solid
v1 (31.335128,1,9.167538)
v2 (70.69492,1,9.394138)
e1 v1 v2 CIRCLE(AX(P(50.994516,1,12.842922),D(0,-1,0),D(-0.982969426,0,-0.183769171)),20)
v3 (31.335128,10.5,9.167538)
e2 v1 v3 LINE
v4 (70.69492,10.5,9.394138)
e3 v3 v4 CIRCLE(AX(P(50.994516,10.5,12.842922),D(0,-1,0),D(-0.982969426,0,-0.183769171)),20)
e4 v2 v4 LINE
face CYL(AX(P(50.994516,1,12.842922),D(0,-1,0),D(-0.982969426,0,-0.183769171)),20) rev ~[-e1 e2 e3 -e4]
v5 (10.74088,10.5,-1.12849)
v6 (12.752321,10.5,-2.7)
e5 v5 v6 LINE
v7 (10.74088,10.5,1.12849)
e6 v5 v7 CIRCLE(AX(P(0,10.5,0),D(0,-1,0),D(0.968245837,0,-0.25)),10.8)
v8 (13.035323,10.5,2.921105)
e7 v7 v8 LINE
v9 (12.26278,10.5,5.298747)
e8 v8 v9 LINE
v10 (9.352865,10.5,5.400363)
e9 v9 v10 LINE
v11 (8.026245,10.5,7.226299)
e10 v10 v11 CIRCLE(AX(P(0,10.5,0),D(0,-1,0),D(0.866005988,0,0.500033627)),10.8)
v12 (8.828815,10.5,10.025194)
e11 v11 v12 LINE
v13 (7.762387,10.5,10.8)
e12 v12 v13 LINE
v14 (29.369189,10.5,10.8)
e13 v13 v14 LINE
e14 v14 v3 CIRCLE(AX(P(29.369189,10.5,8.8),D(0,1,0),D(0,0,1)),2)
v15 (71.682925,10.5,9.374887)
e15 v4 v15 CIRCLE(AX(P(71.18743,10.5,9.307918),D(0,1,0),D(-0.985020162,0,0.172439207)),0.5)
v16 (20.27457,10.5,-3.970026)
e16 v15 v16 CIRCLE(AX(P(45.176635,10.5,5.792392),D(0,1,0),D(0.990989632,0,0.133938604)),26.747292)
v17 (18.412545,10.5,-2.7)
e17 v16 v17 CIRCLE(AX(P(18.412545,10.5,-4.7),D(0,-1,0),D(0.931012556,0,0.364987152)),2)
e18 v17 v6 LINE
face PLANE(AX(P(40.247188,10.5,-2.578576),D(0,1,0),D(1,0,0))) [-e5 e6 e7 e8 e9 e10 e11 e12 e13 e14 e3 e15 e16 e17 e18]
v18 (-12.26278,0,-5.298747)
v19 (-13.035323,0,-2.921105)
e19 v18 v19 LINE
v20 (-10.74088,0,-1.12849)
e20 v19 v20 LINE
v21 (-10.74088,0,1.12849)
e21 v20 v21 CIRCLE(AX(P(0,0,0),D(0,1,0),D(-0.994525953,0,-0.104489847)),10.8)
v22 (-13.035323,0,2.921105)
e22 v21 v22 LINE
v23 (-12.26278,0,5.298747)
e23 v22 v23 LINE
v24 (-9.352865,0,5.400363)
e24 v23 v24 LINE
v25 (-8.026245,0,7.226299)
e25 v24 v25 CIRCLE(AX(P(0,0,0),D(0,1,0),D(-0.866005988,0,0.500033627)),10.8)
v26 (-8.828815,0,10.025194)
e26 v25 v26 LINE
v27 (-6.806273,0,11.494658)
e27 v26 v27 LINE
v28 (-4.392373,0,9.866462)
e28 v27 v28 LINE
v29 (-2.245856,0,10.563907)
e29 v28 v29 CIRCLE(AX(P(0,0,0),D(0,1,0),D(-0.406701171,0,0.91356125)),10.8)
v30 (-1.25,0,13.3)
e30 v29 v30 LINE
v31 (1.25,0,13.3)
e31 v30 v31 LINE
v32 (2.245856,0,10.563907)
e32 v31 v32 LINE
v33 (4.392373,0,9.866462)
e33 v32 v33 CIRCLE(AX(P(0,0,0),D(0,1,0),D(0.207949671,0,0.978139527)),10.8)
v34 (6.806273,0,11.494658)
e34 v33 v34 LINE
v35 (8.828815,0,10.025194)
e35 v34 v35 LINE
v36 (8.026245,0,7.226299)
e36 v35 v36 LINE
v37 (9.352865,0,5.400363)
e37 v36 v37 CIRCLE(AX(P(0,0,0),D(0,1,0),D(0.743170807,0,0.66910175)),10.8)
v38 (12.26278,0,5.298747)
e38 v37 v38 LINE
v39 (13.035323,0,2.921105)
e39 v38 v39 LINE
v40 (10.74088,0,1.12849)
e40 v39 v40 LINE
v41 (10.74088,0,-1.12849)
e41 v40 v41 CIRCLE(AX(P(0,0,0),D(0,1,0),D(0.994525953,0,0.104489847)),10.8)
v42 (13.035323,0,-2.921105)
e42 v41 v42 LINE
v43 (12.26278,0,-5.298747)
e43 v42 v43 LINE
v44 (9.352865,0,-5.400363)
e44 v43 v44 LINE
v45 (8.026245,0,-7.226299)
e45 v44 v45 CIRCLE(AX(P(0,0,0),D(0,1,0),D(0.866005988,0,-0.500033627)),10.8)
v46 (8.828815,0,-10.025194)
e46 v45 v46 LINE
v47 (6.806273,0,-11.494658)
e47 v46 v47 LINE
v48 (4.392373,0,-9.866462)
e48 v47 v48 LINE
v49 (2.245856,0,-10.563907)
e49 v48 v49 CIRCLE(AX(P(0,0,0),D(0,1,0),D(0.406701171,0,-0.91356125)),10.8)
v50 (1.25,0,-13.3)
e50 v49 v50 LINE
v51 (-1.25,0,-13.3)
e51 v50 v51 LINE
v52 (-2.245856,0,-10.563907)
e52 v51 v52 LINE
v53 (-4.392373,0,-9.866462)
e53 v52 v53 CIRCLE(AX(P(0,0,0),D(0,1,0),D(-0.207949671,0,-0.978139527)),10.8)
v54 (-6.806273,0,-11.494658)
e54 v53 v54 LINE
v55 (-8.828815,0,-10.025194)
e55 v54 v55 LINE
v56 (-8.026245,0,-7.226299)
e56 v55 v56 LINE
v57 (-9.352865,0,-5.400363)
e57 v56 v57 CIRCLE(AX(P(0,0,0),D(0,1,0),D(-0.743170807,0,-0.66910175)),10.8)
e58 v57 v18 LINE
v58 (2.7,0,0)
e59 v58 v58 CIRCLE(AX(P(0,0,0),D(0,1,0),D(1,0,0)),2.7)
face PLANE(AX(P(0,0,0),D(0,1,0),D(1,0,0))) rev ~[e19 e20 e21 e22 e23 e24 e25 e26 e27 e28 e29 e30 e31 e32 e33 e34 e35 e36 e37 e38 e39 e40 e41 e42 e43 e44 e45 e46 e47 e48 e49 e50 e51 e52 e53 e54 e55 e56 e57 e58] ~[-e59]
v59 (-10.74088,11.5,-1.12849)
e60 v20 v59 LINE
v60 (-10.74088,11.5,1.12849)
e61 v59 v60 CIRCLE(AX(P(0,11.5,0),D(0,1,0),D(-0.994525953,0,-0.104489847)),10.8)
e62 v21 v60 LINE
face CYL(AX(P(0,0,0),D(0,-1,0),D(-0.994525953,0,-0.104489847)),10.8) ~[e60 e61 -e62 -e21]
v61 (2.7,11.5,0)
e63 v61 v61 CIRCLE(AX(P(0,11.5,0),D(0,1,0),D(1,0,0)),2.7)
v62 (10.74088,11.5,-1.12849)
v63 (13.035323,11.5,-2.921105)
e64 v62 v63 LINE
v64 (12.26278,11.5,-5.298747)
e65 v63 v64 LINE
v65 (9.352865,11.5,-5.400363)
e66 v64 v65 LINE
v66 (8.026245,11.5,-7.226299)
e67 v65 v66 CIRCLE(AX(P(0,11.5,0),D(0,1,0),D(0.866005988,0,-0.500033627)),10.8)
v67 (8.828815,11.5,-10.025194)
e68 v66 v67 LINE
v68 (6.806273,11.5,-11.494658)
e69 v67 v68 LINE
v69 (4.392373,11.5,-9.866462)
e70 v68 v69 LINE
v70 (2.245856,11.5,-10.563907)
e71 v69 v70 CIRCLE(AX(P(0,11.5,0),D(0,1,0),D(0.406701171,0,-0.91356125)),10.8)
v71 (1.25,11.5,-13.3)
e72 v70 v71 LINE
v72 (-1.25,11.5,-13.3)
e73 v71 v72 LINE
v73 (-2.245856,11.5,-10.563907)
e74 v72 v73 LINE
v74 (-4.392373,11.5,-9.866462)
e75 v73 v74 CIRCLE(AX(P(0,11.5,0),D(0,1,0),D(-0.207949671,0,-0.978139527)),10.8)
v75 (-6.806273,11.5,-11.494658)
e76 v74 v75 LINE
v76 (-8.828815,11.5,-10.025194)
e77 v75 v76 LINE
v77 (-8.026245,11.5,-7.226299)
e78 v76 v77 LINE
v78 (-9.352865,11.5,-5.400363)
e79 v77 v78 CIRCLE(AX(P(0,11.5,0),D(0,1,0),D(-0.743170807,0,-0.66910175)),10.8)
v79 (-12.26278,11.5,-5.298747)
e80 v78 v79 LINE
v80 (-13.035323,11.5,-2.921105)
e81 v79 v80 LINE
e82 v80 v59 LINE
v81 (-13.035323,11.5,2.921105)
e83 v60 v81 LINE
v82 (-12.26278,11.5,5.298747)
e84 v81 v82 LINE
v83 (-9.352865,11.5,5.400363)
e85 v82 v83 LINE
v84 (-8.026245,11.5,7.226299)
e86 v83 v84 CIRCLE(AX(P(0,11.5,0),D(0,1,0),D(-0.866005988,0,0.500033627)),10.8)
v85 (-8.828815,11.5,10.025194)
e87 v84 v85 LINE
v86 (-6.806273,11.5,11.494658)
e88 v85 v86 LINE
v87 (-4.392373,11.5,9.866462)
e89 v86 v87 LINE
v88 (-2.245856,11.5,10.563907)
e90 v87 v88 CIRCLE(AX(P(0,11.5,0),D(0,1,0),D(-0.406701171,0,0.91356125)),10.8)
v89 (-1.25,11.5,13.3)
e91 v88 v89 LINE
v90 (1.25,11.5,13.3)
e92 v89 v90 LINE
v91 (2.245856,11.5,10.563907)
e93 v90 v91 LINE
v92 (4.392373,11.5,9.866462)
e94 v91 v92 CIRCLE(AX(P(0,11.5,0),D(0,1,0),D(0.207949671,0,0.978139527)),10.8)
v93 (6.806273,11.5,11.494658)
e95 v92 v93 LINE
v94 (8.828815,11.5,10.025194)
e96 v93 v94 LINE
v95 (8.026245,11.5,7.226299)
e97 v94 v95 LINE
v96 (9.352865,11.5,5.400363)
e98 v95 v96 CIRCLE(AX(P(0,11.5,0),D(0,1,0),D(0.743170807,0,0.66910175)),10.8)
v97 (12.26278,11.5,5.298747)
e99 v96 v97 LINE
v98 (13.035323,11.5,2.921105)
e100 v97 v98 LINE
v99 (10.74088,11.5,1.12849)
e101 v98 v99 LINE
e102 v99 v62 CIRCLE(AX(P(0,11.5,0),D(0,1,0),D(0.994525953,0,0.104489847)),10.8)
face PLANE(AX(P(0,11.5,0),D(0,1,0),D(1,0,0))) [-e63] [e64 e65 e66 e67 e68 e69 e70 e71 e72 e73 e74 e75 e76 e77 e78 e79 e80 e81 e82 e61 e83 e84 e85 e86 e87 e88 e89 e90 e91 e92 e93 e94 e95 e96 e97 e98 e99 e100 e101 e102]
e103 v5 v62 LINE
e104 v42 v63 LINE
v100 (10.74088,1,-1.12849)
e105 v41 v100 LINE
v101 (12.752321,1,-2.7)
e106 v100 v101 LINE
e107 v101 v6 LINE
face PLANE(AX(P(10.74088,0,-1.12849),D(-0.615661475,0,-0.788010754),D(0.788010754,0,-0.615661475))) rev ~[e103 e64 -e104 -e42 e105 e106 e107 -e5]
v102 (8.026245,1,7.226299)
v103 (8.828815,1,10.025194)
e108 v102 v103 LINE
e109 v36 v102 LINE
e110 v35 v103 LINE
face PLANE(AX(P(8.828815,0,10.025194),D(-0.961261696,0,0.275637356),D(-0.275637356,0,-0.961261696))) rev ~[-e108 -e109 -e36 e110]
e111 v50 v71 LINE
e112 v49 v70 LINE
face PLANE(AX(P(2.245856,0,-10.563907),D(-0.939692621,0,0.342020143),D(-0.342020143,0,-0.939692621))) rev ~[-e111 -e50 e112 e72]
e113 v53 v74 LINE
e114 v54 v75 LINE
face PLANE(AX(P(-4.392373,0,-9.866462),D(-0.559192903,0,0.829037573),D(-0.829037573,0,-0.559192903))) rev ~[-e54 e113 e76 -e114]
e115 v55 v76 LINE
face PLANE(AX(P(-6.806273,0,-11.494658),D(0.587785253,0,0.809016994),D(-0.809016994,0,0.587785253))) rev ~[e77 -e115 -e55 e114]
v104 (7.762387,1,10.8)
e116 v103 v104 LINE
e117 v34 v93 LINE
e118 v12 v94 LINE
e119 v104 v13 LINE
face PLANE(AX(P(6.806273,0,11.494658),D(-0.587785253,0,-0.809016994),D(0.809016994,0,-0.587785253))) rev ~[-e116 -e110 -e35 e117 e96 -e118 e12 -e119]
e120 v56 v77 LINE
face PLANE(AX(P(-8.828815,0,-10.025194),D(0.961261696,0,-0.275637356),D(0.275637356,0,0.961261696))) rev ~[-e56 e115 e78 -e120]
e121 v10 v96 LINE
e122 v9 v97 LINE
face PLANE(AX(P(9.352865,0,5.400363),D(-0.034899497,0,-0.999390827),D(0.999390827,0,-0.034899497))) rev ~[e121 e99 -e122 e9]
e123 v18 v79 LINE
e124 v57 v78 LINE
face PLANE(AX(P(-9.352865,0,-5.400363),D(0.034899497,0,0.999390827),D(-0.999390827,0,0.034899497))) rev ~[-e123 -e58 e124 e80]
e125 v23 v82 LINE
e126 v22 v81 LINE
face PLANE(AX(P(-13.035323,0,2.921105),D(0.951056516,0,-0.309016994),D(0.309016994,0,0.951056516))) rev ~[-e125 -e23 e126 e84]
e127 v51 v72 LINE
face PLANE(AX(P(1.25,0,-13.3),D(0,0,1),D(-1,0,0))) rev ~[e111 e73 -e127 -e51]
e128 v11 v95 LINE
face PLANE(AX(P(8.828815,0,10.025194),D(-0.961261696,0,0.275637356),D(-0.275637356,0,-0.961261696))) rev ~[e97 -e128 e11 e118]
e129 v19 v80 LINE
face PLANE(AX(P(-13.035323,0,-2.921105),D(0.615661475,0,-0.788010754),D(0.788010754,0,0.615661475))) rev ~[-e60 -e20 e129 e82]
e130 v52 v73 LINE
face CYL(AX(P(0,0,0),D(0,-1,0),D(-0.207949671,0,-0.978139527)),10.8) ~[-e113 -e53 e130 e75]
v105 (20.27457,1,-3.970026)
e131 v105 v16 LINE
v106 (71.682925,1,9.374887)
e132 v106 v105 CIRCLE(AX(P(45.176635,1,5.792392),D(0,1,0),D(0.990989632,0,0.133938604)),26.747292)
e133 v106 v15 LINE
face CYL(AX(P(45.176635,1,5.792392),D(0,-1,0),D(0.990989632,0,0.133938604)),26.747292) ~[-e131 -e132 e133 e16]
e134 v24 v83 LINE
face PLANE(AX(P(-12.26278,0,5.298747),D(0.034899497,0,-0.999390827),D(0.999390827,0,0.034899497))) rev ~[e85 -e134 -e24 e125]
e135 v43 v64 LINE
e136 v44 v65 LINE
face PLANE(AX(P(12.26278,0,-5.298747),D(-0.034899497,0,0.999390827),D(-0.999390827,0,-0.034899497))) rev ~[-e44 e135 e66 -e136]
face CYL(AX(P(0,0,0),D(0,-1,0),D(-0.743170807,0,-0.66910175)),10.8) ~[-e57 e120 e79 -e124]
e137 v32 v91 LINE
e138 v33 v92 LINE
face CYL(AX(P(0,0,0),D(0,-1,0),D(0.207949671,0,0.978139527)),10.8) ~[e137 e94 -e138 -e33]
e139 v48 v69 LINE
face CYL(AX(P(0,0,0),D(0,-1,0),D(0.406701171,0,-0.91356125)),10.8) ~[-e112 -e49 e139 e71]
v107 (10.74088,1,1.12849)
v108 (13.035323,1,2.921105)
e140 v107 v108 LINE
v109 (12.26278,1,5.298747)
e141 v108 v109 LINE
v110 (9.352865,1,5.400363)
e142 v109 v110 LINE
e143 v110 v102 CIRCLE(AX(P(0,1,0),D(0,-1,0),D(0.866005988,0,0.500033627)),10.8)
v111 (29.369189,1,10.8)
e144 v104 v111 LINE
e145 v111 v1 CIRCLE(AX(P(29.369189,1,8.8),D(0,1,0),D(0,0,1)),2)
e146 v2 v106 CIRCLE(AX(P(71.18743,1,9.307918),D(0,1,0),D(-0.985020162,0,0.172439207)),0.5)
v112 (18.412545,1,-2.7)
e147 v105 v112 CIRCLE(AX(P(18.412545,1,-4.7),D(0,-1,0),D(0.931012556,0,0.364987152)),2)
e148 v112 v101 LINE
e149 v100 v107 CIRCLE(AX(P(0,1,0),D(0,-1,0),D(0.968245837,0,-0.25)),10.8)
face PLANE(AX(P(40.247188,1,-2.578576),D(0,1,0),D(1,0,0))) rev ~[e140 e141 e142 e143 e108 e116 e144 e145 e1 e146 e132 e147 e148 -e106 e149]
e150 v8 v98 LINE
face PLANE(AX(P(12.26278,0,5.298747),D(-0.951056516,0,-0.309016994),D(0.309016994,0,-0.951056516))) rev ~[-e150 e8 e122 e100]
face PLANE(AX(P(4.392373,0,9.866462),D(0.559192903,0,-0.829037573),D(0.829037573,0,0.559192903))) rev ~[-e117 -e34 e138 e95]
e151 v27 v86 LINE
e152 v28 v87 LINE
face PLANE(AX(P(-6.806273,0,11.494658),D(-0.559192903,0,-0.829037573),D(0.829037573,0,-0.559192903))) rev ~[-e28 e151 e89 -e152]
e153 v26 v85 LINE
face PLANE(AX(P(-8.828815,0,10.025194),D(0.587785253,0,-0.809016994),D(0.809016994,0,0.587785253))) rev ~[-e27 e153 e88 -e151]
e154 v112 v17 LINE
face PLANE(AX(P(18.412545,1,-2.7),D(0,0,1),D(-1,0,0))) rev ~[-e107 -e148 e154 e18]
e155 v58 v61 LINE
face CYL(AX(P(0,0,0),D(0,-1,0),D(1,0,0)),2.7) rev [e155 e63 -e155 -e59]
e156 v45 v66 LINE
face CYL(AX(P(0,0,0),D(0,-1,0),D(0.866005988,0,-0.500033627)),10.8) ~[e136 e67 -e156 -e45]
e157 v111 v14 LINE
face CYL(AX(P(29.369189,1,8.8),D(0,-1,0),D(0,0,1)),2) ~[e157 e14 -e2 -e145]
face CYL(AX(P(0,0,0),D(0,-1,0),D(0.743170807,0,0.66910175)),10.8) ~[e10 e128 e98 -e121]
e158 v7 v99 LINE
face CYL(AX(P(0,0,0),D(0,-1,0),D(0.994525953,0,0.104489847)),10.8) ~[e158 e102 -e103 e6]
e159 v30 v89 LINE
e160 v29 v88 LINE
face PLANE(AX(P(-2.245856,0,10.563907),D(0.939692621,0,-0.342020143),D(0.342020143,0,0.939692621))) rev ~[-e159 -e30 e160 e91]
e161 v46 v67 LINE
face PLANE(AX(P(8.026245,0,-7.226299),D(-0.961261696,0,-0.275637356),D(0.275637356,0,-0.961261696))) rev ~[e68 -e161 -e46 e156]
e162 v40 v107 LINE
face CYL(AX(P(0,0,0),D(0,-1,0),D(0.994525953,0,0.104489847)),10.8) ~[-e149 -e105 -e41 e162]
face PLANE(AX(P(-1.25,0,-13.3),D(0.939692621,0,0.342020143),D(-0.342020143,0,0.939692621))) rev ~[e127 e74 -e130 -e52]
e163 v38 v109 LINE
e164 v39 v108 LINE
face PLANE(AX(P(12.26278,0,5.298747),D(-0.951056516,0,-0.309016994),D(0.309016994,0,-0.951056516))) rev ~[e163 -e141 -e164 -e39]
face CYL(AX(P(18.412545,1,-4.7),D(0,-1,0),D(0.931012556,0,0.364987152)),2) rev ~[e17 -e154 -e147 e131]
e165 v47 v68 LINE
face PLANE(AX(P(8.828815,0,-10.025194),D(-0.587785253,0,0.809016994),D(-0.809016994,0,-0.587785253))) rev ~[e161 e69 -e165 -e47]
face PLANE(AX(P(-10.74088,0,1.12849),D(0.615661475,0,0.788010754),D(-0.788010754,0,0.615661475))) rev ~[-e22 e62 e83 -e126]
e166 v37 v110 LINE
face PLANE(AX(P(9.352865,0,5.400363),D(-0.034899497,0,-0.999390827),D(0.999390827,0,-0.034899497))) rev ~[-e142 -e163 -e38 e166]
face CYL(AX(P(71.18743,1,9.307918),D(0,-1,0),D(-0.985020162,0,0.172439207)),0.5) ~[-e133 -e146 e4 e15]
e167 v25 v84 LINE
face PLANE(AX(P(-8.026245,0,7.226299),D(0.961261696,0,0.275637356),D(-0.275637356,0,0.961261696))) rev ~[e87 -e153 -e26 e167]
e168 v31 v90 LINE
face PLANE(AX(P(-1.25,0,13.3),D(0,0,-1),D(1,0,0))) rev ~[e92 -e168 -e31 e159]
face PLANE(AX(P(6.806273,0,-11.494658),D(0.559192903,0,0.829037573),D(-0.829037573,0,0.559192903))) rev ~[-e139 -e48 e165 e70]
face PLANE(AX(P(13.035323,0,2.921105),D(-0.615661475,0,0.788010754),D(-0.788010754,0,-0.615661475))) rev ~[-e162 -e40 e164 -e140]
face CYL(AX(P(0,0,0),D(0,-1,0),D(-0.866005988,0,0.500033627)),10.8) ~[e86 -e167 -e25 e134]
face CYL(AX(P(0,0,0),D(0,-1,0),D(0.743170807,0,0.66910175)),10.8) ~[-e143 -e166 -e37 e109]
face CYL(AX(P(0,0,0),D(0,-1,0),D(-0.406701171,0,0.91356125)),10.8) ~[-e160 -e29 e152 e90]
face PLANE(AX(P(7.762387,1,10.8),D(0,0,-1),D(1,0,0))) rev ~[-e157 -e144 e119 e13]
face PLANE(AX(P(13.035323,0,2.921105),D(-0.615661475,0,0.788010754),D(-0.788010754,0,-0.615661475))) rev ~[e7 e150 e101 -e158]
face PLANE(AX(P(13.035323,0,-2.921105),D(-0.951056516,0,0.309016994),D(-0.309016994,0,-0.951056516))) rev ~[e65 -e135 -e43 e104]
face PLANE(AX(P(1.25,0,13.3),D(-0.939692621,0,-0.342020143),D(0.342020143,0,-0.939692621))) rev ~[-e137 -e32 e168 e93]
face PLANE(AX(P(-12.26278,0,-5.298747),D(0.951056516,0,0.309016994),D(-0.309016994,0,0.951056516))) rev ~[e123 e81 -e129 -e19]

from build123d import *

# Parameters (mm, degrees)
SKETCH1_R           = 2.7
BOSS_EXTRUDE1_DEPTH = 11.5
BOSS_EXTRUDE3_START = 1
BOSS_EXTRUDE3_DEPTH = 9.5


with BuildPart() as part:
    # Sketch1 → Boss-Extrude1 (new body)
    with BuildSketch(Plane(origin=(0, 0, 0), x_dir=(1, 0, 0), z_dir=(0, 1, 0))):
        with BuildLine():
            Line((1.25, 13.3), (-1.25, 13.3))
            Line((-1.25, 13.3), (-2.24585645, 10.563906891))
            ThreePointArc((-2.24585645, 10.563906891), (-3.337383539, 10.271410376), (-4.392372642, 9.866461502))
            Line((-4.392372642, 9.866461502), (-6.806272613, 11.494657591))
            Line((-6.806272613, 11.494657591), (-8.828815098, 10.02519446))
            Line((-8.828815098, 10.02519446), (-8.026244712, 7.226298902))
            ThreePointArc((-8.026244712, 7.226298902), (-8.737383539, 6.348080725), (-9.352864677, 5.400363168))
            Line((-9.352864677, 5.400363168), (-12.262780424, 5.298746671))
            Line((-12.262780424, 5.298746671), (-13.03532291, 2.92110538))
            Line((-13.03532291, 2.92110538), (-10.740880296, 1.128490345))
            ThreePointArc((-10.740880296, 1.128490345), (-10.8, 0), (-10.740880296, -1.128490345))
            Line((-10.740880296, -1.128490345), (-13.03532291, -2.92110538))
            Line((-13.03532291, -2.92110538), (-12.262780424, -5.298746671))
            Line((-12.262780424, -5.298746671), (-9.352864677, -5.400363168))
            ThreePointArc((-9.352864677, -5.400363168), (-8.737383539, -6.348080725), (-8.026244712, -7.226298902))
            Line((-8.026244712, -7.226298902), (-8.828815098, -10.02519446))
            Line((-8.828815098, -10.02519446), (-6.806272613, -11.494657591))
            Line((-6.806272613, -11.494657591), (-4.392372642, -9.866461502))
            ThreePointArc((-4.392372642, -9.866461502), (-3.337383539, -10.271410376), (-2.24585645, -10.563906891))
            Line((-2.24585645, -10.563906891), (-1.25, -13.3))
            Line((-1.25, -13.3), (1.25, -13.3))
            Line((1.25, -13.3), (2.24585645, -10.563906891))
            ThreePointArc((2.24585645, -10.563906891), (3.337383539, -10.271410376), (4.392372642, -9.866461502))
            Line((4.392372642, -9.866461502), (6.806272613, -11.494657591))
            Line((6.806272613, -11.494657591), (8.828815098, -10.02519446))
            Line((8.828815098, -10.02519446), (8.026244712, -7.226298902))
            ThreePointArc((8.026244712, -7.226298902), (8.737383539, -6.348080725), (9.352864677, -5.400363168))
            Line((9.352864677, -5.400363168), (12.262780424, -5.298746671))
            Line((12.262780424, -5.298746671), (13.03532291, -2.92110538))
            Line((13.03532291, -2.92110538), (10.740880296, -1.128490345))
            ThreePointArc((10.740880296, -1.128490345), (10.8, 0), (10.740880296, 1.128490345))
            Line((10.740880296, 1.128490345), (13.03532291, 2.92110538))
            Line((13.03532291, 2.92110538), (12.262780424, 5.298746671))
            Line((12.262780424, 5.298746671), (9.352864677, 5.400363168))
            ThreePointArc((9.352864677, 5.400363168), (8.737383539, 6.348080725), (8.026244712, 7.226298902))
            Line((8.026244712, 7.226298902), (8.828815098, 10.02519446))
            Line((8.828815098, 10.02519446), (6.806272613, 11.494657591))
            Line((6.806272613, 11.494657591), (4.392372642, 9.866461502))
            ThreePointArc((4.392372642, 9.866461502), (3.337383539, 10.271410376), (2.24585645, 10.563906891))
            Line((2.24585645, 10.563906891), (1.25, 13.3))
        make_face()
        Circle(SKETCH1_R, mode=Mode.SUBTRACT)
    extrude(amount=BOSS_EXTRUDE1_DEPTH)

    # Sketch1<4> → Boss-Extrude3 (add)
    with BuildSketch(Plane(origin=(0, 0, 0), x_dir=(1, 0, 0), z_dir=(0, 1, 0)).offset(BOSS_EXTRUDE3_START)):
        with BuildLine():
            ThreePointArc((10.457055035, 2.7), (10.770443359, 0.798467184), (10.740880296, -1.128490345))
            Line((10.740880296, -1.128490345), (13.03532291, -2.92110538))
            Line((13.03532291, -2.92110538), (12.262780424, -5.298746671))
            Line((12.262780424, -5.298746671), (9.352864677, -5.400363168))
            ThreePointArc((9.352864677, -5.400363168), (8.737383539, -6.348080725), (8.026244712, -7.226298902))
            Line((8.026244712, -7.226298902), (8.828815098, -10.02519446))
            Line((8.828815098, -10.02519446), (7.762386761, -10.8))
            Line((7.762386761, -10.8), (29.369189077, -10.8))
            ThreePointArc((29.369189077, -10.8), (30.646867306, -10.338680715), (31.335127928, -9.167538342))
            ThreePointArc((31.335127928, -9.167538342), (51.109657071, 7.156746799), (70.69491969, -9.394137658))
            ThreePointArc((70.69491969, -9.394137658), (71.19716993, -9.807823175), (71.682924587, -9.374887357))
            ThreePointArc((71.682924587, -9.374887357), (51.897130707, 20.096844573), (20.274570163, 3.970025697))
            ThreePointArc((20.274570163, 3.970025697), (19.539499219, 3.047736612), (18.412545051, 2.7))
            Line((18.412545051, 2.7), (10.457055035, 2.7))
        make_face()
    extrude(amount=BOSS_EXTRUDE3_DEPTH)


solid = part.part
